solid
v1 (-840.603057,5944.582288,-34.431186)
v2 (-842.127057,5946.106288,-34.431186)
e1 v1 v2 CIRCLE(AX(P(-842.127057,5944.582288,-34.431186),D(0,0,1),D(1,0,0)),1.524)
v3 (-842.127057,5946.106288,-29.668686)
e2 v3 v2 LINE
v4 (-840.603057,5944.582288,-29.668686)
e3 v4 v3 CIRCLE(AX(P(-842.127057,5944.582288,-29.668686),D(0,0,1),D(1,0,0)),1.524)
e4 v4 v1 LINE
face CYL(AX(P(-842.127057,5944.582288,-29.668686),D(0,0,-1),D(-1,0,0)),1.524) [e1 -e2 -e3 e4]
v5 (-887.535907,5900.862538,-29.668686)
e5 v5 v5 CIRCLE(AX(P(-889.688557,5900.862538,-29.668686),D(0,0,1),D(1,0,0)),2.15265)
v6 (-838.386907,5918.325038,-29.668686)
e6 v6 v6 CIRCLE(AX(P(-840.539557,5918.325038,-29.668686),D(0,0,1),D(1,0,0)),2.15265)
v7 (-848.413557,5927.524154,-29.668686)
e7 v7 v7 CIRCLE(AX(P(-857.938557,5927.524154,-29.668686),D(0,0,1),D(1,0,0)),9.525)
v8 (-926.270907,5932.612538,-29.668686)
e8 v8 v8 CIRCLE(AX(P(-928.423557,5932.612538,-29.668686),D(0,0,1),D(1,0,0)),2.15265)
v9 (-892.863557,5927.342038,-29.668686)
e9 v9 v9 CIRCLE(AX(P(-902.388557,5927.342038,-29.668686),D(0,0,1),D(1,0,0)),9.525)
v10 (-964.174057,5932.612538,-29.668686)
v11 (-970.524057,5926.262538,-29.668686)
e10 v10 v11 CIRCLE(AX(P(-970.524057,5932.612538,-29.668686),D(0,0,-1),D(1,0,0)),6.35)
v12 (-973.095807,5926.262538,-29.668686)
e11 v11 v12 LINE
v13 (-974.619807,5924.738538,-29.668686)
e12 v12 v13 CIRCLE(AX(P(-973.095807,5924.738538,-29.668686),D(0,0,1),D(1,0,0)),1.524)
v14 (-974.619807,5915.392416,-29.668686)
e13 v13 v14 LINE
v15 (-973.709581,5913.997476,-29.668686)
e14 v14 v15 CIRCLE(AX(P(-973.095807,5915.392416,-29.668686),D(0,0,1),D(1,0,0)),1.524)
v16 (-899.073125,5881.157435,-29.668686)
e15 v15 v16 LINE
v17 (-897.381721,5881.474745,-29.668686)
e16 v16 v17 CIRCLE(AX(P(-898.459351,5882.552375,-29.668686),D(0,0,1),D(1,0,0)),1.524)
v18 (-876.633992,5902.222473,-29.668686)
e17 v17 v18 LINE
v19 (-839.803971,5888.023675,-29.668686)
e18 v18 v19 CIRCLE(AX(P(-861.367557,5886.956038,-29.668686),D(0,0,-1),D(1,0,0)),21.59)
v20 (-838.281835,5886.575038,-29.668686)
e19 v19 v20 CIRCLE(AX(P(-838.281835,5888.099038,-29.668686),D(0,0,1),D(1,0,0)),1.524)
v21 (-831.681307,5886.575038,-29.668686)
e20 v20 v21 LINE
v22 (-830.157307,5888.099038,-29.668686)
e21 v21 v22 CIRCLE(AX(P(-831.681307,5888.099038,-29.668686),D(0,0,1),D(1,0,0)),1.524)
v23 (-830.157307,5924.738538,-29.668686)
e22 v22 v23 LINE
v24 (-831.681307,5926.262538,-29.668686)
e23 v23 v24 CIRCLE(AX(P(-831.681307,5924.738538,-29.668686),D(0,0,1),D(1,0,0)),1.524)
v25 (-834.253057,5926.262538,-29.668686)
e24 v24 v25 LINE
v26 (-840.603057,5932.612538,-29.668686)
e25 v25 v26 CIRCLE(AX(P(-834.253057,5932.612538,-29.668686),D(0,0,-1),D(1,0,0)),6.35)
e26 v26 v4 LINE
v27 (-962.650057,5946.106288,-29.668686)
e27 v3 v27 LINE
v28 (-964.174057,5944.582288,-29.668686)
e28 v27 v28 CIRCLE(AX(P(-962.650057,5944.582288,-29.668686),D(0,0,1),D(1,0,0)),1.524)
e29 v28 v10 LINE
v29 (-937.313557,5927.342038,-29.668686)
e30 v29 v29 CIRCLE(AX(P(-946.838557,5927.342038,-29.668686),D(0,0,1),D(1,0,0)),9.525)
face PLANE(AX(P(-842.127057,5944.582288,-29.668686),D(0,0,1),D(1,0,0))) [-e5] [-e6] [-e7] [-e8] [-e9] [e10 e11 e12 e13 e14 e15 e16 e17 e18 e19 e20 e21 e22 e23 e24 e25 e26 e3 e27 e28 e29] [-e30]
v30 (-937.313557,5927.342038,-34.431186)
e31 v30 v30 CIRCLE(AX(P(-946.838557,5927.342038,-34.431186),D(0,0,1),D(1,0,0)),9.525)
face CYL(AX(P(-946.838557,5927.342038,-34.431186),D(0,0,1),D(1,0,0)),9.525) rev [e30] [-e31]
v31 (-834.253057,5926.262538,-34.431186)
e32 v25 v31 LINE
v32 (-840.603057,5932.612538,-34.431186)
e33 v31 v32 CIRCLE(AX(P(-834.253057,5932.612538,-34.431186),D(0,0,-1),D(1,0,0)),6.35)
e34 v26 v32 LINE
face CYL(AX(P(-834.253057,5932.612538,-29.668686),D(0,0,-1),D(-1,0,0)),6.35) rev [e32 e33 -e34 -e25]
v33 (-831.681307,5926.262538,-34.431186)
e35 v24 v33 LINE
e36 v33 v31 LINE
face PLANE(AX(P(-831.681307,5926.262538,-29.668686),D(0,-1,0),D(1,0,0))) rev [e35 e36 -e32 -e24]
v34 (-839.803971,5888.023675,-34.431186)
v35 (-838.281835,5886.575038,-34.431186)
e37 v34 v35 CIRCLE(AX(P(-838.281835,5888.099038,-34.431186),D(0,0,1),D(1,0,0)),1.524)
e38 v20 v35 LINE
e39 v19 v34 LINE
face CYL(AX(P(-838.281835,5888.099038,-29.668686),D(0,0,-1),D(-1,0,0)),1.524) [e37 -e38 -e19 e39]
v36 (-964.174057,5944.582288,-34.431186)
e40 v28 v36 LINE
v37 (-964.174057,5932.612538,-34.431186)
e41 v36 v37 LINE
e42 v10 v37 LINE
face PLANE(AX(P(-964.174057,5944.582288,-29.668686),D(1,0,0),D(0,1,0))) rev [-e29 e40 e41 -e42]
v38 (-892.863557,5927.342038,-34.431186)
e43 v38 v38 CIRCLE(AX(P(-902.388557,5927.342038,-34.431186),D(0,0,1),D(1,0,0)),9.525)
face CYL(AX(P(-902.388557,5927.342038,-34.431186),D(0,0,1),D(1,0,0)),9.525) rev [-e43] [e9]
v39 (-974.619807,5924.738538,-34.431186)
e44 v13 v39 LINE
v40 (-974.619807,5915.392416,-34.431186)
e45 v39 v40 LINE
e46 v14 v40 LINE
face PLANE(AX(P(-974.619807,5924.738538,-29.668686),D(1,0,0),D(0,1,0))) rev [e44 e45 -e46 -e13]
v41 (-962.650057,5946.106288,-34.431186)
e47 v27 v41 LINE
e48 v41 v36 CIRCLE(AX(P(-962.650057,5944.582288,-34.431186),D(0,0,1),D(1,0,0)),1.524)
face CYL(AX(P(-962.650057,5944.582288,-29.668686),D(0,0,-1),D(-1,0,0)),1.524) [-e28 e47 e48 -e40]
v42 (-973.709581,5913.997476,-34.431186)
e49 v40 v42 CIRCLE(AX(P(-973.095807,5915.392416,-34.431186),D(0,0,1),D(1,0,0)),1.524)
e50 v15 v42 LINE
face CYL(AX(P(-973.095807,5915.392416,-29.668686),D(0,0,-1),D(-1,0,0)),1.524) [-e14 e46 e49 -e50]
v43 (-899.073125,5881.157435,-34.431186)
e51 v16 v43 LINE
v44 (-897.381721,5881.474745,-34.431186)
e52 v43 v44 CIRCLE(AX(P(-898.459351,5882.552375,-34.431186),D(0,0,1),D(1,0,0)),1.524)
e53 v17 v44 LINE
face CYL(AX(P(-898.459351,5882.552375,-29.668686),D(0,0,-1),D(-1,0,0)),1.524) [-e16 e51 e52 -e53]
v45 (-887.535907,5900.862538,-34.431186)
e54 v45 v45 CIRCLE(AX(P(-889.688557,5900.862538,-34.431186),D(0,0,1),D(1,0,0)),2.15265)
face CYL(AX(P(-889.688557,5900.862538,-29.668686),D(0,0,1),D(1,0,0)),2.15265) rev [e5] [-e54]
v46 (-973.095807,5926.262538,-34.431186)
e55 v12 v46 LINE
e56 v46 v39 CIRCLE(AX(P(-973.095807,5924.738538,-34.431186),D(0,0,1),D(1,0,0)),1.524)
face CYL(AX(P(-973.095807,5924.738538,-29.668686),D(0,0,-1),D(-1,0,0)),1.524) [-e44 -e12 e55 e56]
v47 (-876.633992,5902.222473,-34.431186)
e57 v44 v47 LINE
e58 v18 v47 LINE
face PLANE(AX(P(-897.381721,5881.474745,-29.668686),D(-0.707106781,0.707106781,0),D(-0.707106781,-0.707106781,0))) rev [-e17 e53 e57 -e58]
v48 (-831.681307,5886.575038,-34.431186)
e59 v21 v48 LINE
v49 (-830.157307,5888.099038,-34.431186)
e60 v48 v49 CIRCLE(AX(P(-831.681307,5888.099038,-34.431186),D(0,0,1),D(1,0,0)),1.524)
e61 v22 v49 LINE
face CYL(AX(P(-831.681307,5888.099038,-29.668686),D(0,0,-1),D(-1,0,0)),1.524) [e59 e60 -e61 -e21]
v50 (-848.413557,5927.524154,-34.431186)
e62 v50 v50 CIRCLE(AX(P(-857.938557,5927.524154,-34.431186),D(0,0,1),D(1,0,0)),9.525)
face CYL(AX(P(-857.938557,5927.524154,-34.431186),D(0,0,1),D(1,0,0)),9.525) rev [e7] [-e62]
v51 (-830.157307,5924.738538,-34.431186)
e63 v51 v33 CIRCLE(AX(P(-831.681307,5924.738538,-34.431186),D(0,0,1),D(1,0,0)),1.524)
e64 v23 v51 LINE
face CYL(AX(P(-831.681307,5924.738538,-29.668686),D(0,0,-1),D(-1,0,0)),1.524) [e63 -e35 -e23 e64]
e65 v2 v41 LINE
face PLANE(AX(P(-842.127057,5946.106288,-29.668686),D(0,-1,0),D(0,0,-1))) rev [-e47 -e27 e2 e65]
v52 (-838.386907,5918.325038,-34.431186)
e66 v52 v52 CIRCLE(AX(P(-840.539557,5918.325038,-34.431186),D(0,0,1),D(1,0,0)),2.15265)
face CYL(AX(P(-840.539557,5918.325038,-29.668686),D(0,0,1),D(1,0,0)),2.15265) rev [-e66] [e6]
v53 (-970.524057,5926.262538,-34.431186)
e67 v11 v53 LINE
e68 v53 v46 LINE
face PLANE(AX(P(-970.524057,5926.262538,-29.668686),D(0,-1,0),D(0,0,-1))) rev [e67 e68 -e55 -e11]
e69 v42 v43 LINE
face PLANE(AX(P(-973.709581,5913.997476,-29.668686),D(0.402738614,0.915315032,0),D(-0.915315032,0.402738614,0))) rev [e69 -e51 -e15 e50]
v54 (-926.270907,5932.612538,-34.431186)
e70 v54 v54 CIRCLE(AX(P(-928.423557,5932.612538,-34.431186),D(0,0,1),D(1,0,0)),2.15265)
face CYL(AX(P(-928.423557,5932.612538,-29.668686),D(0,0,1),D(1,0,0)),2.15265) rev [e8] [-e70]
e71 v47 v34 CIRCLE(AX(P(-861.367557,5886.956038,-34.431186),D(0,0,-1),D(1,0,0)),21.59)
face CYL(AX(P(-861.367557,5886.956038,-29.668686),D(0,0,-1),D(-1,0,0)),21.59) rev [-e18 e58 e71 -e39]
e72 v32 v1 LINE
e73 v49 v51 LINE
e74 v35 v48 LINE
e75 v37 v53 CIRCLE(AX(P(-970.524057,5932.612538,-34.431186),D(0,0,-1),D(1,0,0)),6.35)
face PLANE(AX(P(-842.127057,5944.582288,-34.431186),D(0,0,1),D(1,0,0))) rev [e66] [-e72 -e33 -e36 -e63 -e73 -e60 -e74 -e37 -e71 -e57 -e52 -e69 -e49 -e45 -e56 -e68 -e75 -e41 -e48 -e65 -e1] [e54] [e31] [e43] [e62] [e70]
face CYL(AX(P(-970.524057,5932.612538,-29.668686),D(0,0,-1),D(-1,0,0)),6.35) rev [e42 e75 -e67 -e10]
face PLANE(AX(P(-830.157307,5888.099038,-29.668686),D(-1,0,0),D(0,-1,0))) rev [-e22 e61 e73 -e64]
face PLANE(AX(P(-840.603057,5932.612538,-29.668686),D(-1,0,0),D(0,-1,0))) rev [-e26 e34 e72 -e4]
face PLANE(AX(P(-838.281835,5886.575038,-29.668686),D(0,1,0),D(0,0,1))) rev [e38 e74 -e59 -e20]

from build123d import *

# Parameters (mm, degrees)
BOSS_EXTRUDE1_DEPTH   = 4.7625
F_6_CLEARANCE_HOLE1_D = 4.3053
SKETCH5_R             = 9.525
CUT_EXTRUDE1_DEPTH    = 5.7625


with BuildPart() as part:
    # Sketch1 → Boss-Extrude1 (new body)
    with BuildSketch(Plane.XY.offset(-34.431186078)):
        with BuildLine():
            Line((-842.127056947, 5946.106287623), (-962.650056947, 5946.106287623))
            ThreePointArc((-962.650056947, 5946.106287623), (-963.727687681, 5945.659918357), (-964.174056947, 5944.582287623))
            Line((-964.174056947, 5944.582287623), (-964.174056947, 5932.612537623))
            ThreePointArc((-964.174056947, 5932.612537623), (-966.033928886, 5928.122409562), (-970.524056947, 5926.262537623))
            Line((-970.524056947, 5926.262537623), (-973.095806947, 5926.262537623))
            ThreePointArc((-973.095806947, 5926.262537623), (-974.173437681, 5925.816168357), (-974.619806947, 5924.738537623))
            Line((-974.619806947, 5924.738537623), (-974.619806947, 5915.392415905))
            ThreePointArc((-974.619806947, 5915.392415905), (-974.372123334, 5914.559593907), (-973.709580595, 5913.997475796))
            Line((-973.709580595, 5913.997475796), (-899.073125038, 5881.157435351))
            ThreePointArc((-899.073125038, 5881.157435351), (-898.178349327, 5881.054505693), (-897.381720655, 5881.474744726))
            Line((-897.381720655, 5881.474744726), (-876.633992352, 5902.222473029))
            ThreePointArc((-876.633992352, 5902.222473029), (-853.601284124, 5907.100841083), (-839.803970731, 5888.023674985))
            ThreePointArc((-839.803970731, 5888.023674985), (-839.332483448, 5886.99508367), (-838.281835234, 5886.575037623))
            Line((-838.281835234, 5886.575037623), (-831.681306947, 5886.575037623))
            ThreePointArc((-831.681306947, 5886.575037623), (-830.603676212, 5887.021406888), (-830.157306947, 5888.099037623))
            Line((-830.157306947, 5888.099037623), (-830.157306947, 5924.738537623))
            ThreePointArc((-830.157306947, 5924.738537623), (-830.603676212, 5925.816168357), (-831.681306947, 5926.262537623))
            Line((-831.681306947, 5926.262537623), (-834.253056947, 5926.262537623))
            ThreePointArc((-834.253056947, 5926.262537623), (-838.743185007, 5928.122409562), (-840.603056947, 5932.612537623))
            Line((-840.603056947, 5932.612537623), (-840.603056947, 5944.582287623))
            ThreePointArc((-840.603056947, 5944.582287623), (-841.049426212, 5945.659918357), (-842.127056947, 5946.106287623))
        make_face()
    extrude(amount=BOSS_EXTRUDE1_DEPTH)

    # #6 Clearance Hole1 (through all)
    with Locations(Plane.XY.offset(-29.668686078)):
        with Locations((-840.539556947, 5918.325037623), (-889.688556947, 5900.862537623), (-928.423556947, 5932.612537623)):
            Hole(F_6_CLEARANCE_HOLE1_D / 2)

    # Sketch5 → Cut-Extrude1 (cut, through all)
    with BuildSketch(Plane.XY.offset(-29.668686078)):
        with Locations((-857.938556947, 5927.524153596)):
            Circle(SKETCH5_R)
        with Locations((-902.388556947, 5927.342037623)):
            Circle(SKETCH5_R)
        with Locations((-946.838556947, 5927.342037623)):
            Circle(SKETCH5_R)
    extrude(amount=-CUT_EXTRUDE1_DEPTH, mode=Mode.SUBTRACT)


solid = part.part
